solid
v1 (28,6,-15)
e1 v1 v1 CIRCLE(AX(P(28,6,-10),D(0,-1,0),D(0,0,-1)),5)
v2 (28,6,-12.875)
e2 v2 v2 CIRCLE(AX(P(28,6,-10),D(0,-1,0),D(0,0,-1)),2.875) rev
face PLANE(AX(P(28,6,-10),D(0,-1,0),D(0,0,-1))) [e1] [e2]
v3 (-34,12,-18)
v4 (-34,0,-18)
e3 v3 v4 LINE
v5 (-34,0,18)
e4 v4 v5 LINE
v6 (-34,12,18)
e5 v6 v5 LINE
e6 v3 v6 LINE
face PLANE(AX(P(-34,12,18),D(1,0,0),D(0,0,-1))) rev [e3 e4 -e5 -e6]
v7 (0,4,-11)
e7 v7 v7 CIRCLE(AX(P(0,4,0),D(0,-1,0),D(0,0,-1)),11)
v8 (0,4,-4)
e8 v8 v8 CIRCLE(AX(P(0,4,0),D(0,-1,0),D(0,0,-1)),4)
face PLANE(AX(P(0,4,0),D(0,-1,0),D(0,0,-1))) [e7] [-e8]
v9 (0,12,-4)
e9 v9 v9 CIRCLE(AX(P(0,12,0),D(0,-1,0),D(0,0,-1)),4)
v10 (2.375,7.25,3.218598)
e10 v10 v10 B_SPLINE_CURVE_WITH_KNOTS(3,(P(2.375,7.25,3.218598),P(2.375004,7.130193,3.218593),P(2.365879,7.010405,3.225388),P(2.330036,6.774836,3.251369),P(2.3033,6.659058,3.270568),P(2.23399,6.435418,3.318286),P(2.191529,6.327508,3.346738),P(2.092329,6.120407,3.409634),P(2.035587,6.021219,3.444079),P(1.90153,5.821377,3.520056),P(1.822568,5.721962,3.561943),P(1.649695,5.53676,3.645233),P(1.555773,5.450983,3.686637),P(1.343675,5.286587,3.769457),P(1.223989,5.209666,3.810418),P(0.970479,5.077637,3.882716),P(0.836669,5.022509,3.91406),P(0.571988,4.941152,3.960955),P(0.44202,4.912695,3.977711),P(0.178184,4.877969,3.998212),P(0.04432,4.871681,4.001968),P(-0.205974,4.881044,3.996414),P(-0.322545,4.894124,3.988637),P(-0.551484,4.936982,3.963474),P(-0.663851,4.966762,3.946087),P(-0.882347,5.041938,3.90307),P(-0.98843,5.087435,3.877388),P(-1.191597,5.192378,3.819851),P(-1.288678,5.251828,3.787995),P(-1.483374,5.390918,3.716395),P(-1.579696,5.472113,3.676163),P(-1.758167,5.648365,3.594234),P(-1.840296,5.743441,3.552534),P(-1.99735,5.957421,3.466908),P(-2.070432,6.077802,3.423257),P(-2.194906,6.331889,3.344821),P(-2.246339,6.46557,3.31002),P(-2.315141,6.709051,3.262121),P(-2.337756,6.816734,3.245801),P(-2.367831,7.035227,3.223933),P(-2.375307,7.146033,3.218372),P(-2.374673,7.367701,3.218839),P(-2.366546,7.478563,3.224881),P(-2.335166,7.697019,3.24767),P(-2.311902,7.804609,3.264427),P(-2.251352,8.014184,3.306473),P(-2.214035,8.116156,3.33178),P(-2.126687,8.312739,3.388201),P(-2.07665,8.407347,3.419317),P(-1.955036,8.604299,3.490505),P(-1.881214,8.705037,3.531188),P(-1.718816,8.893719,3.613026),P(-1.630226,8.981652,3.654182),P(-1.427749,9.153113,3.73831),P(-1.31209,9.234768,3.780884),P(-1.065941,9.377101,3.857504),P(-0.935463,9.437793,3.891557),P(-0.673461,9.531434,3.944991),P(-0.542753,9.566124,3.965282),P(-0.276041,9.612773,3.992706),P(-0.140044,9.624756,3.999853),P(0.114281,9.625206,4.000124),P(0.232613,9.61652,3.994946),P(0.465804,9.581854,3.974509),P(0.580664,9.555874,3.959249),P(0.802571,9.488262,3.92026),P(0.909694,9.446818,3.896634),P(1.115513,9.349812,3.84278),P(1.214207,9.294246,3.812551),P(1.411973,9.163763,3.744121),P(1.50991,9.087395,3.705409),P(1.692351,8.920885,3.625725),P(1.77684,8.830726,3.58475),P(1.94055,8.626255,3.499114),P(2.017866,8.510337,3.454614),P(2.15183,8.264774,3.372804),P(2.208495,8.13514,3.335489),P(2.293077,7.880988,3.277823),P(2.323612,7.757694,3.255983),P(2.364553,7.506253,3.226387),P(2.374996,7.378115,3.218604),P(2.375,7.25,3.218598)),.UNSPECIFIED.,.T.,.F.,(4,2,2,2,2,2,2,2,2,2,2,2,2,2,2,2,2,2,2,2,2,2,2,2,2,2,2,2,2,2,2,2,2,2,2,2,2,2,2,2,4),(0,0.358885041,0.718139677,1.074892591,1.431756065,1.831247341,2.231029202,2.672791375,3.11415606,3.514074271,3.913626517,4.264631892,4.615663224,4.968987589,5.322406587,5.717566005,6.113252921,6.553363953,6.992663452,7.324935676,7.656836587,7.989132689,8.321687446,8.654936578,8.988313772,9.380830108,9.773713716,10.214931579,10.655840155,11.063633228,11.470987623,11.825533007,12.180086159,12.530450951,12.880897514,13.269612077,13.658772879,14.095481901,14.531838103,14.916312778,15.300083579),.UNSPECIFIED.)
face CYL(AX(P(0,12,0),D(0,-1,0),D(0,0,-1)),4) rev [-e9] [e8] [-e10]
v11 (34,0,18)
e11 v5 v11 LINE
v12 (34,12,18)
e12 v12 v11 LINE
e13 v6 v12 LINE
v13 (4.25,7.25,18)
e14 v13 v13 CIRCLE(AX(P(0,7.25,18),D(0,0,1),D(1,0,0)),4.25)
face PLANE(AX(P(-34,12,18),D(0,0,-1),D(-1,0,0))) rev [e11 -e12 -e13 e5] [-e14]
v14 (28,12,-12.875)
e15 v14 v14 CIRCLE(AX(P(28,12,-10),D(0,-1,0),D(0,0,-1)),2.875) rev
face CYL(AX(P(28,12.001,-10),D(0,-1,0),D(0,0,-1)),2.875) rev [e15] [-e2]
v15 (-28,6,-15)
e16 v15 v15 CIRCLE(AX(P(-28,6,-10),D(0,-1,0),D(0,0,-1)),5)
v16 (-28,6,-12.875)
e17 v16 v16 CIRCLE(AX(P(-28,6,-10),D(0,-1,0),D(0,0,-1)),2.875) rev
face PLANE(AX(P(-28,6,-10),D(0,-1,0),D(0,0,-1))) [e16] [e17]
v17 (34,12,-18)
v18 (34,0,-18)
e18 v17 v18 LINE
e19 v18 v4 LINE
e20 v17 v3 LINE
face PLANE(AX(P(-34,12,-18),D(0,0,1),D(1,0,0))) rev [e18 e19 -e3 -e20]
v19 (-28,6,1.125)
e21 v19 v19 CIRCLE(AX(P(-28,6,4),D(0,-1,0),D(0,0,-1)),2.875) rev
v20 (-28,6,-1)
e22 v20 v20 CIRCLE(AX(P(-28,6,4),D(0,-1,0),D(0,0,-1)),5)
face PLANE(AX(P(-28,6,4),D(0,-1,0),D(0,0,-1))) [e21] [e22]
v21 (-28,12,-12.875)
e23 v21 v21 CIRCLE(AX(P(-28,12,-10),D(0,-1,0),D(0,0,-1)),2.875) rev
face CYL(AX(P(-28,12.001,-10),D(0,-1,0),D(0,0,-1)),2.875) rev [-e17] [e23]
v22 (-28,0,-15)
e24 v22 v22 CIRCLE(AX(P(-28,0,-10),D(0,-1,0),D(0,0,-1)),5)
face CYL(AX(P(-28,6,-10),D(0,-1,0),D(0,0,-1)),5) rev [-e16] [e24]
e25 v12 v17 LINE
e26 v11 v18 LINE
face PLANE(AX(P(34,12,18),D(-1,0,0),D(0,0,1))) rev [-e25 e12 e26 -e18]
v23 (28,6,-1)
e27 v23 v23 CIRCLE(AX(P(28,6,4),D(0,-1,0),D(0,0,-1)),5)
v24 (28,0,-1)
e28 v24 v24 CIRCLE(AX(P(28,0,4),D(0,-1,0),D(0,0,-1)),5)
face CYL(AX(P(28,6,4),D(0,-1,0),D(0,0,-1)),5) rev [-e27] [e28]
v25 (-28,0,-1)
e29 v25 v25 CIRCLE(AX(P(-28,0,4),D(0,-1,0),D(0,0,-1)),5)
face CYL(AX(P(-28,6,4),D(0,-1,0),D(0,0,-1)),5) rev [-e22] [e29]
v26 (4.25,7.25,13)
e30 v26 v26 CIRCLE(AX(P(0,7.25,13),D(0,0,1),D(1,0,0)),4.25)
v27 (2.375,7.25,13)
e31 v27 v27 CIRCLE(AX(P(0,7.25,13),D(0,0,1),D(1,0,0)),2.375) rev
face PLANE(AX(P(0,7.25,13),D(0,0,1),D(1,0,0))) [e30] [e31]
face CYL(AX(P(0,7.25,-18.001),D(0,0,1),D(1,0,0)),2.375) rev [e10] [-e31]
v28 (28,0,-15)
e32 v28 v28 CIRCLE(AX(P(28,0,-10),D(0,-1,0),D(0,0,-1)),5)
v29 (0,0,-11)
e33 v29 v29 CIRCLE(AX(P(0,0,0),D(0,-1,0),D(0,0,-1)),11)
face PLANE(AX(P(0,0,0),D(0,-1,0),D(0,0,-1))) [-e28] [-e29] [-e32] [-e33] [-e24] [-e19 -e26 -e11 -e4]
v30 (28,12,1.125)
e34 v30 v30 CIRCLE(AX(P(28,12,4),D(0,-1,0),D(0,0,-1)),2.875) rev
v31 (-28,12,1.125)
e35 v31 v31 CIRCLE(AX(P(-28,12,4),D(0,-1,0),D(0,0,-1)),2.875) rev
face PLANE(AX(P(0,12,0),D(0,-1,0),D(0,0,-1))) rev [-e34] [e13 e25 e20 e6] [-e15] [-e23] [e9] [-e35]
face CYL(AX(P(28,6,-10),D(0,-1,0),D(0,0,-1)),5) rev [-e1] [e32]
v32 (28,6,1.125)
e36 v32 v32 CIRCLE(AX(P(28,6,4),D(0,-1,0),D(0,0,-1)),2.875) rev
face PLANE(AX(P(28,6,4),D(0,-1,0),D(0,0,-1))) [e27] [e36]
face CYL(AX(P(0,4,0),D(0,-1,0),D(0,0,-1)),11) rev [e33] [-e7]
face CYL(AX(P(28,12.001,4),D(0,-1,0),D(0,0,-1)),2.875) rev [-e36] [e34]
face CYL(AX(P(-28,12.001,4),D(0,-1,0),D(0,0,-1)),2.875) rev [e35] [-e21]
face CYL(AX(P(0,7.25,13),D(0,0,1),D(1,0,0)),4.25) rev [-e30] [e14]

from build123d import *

# Parameters (mm, degrees)
SKETCH1_W           = 68
SKETCH1_H           = 36
BOSS_EXTRUDE1_DEPTH = 12
SKETCH2_R           = 11
CUT_EXTRUDE1_DEPTH  = 4
SKETCH3_R           = 4
CUT_EXTRUDE2_DEPTH  = 9
CUT_EXTRUDE3_REACH  = 38
SKETCH4_R           = 2.375
CUT_EXTRUDE4_REACH  = 14
SKETCH5_R           = 2.875
SKETCH6_R           = 5
CUT_EXTRUDE5_DEPTH  = 6
SKETCH7_R           = 4.25
CUT_EXTRUDE6_DEPTH  = 5


with BuildPart() as part:
    # Sketch1 → Boss-Extrude1 (new body)
    with BuildSketch(Plane(origin=(0, 0, 0), x_dir=(1, 0, 0), z_dir=(0, 1, 0))):
        Rectangle(SKETCH1_W, SKETCH1_H)
    extrude(amount=BOSS_EXTRUDE1_DEPTH)

    # Sketch2 → Cut-Extrude1 (cut)
    with BuildSketch(Plane.XZ):
        Circle(SKETCH2_R)
    extrude(amount=-CUT_EXTRUDE1_DEPTH, mode=Mode.SUBTRACT)

    # Sketch3 → Cut-Extrude2 (cut, through all)
    with BuildSketch(Plane.XZ.offset(-4)):
        Circle(SKETCH3_R)
    extrude(amount=-CUT_EXTRUDE2_DEPTH, mode=Mode.SUBTRACT)

    # Sketch4 → Cut-Extrude3 (cut, up to next)
    with BuildSketch(Plane.XY.offset(18), mode=Mode.PRIVATE) as cut_extrude3_sk1:
        with Locations((0, 7.25)):
            Circle(SKETCH4_R)
    cut_extrude3_tool1 = extrude(cut_extrude3_sk1.sketch, amount=-CUT_EXTRUDE3_REACH, mode=Mode.PRIVATE) & part.part
    add(cut_extrude3_tool1.solids().sort_by_distance((0, 7.25, 18))[0], mode=Mode.SUBTRACT)

    # Sketch5 → Cut-Extrude4 (cut, up to next)
    with BuildSketch(Plane.XZ, mode=Mode.PRIVATE) as cut_extrude4_sk1:
        with Locations((28, 4)):
            Circle(SKETCH5_R)
    cut_extrude4_tool1 = extrude(cut_extrude4_sk1.sketch, amount=-CUT_EXTRUDE4_REACH, mode=Mode.PRIVATE) & part.part
    add(cut_extrude4_tool1.solids().sort_by_distance((28, 0, 4))[0], mode=Mode.SUBTRACT)
    # Sketch5 → Cut-Extrude4 (cut, up to next)
    with BuildSketch(Plane.XZ, mode=Mode.PRIVATE) as cut_extrude4_sk2:
        with Locations((28, -10)):
            Circle(SKETCH5_R)
    cut_extrude4_tool2 = extrude(cut_extrude4_sk2.sketch, amount=-CUT_EXTRUDE4_REACH, mode=Mode.PRIVATE) & part.part
    add(cut_extrude4_tool2.solids().sort_by_distance((28, 0, -10))[0], mode=Mode.SUBTRACT)
    # Sketch5 → Cut-Extrude4 (cut, up to next)
    with BuildSketch(Plane.XZ, mode=Mode.PRIVATE) as cut_extrude4_sk3:
        with Locations((-28, 4)):
            Circle(SKETCH5_R)
    cut_extrude4_tool3 = extrude(cut_extrude4_sk3.sketch, amount=-CUT_EXTRUDE4_REACH, mode=Mode.PRIVATE) & part.part
    add(cut_extrude4_tool3.solids().sort_by_distance((-28, 0, 4))[0], mode=Mode.SUBTRACT)
    # Sketch5 → Cut-Extrude4 (cut, up to next)
    with BuildSketch(Plane.XZ, mode=Mode.PRIVATE) as cut_extrude4_sk4:
        with Locations((-28, -10)):
            Circle(SKETCH5_R)
    cut_extrude4_tool4 = extrude(cut_extrude4_sk4.sketch, amount=-CUT_EXTRUDE4_REACH, mode=Mode.PRIVATE) & part.part
    add(cut_extrude4_tool4.solids().sort_by_distance((-28, 0, -10))[0], mode=Mode.SUBTRACT)

    # Sketch6 → Cut-Extrude5 (cut)
    with BuildSketch(Plane.XZ):
        with Locations((-28, 4)):
            Circle(SKETCH6_R)
        with Locations((28, 4)):
            Circle(SKETCH6_R)
        with Locations((28, -10)):
            Circle(SKETCH6_R)
        with Locations((-28, -10)):
            Circle(SKETCH6_R)
    extrude(amount=-CUT_EXTRUDE5_DEPTH, mode=Mode.SUBTRACT)

    # Sketch7 → Cut-Extrude6 (cut)
    with BuildSketch(Plane.XY.offset(18)):
        with Locations((0, 7.25)):
            Circle(SKETCH7_R)
    extrude(amount=-CUT_EXTRUDE6_DEPTH, mode=Mode.SUBTRACT)


solid = part.part
